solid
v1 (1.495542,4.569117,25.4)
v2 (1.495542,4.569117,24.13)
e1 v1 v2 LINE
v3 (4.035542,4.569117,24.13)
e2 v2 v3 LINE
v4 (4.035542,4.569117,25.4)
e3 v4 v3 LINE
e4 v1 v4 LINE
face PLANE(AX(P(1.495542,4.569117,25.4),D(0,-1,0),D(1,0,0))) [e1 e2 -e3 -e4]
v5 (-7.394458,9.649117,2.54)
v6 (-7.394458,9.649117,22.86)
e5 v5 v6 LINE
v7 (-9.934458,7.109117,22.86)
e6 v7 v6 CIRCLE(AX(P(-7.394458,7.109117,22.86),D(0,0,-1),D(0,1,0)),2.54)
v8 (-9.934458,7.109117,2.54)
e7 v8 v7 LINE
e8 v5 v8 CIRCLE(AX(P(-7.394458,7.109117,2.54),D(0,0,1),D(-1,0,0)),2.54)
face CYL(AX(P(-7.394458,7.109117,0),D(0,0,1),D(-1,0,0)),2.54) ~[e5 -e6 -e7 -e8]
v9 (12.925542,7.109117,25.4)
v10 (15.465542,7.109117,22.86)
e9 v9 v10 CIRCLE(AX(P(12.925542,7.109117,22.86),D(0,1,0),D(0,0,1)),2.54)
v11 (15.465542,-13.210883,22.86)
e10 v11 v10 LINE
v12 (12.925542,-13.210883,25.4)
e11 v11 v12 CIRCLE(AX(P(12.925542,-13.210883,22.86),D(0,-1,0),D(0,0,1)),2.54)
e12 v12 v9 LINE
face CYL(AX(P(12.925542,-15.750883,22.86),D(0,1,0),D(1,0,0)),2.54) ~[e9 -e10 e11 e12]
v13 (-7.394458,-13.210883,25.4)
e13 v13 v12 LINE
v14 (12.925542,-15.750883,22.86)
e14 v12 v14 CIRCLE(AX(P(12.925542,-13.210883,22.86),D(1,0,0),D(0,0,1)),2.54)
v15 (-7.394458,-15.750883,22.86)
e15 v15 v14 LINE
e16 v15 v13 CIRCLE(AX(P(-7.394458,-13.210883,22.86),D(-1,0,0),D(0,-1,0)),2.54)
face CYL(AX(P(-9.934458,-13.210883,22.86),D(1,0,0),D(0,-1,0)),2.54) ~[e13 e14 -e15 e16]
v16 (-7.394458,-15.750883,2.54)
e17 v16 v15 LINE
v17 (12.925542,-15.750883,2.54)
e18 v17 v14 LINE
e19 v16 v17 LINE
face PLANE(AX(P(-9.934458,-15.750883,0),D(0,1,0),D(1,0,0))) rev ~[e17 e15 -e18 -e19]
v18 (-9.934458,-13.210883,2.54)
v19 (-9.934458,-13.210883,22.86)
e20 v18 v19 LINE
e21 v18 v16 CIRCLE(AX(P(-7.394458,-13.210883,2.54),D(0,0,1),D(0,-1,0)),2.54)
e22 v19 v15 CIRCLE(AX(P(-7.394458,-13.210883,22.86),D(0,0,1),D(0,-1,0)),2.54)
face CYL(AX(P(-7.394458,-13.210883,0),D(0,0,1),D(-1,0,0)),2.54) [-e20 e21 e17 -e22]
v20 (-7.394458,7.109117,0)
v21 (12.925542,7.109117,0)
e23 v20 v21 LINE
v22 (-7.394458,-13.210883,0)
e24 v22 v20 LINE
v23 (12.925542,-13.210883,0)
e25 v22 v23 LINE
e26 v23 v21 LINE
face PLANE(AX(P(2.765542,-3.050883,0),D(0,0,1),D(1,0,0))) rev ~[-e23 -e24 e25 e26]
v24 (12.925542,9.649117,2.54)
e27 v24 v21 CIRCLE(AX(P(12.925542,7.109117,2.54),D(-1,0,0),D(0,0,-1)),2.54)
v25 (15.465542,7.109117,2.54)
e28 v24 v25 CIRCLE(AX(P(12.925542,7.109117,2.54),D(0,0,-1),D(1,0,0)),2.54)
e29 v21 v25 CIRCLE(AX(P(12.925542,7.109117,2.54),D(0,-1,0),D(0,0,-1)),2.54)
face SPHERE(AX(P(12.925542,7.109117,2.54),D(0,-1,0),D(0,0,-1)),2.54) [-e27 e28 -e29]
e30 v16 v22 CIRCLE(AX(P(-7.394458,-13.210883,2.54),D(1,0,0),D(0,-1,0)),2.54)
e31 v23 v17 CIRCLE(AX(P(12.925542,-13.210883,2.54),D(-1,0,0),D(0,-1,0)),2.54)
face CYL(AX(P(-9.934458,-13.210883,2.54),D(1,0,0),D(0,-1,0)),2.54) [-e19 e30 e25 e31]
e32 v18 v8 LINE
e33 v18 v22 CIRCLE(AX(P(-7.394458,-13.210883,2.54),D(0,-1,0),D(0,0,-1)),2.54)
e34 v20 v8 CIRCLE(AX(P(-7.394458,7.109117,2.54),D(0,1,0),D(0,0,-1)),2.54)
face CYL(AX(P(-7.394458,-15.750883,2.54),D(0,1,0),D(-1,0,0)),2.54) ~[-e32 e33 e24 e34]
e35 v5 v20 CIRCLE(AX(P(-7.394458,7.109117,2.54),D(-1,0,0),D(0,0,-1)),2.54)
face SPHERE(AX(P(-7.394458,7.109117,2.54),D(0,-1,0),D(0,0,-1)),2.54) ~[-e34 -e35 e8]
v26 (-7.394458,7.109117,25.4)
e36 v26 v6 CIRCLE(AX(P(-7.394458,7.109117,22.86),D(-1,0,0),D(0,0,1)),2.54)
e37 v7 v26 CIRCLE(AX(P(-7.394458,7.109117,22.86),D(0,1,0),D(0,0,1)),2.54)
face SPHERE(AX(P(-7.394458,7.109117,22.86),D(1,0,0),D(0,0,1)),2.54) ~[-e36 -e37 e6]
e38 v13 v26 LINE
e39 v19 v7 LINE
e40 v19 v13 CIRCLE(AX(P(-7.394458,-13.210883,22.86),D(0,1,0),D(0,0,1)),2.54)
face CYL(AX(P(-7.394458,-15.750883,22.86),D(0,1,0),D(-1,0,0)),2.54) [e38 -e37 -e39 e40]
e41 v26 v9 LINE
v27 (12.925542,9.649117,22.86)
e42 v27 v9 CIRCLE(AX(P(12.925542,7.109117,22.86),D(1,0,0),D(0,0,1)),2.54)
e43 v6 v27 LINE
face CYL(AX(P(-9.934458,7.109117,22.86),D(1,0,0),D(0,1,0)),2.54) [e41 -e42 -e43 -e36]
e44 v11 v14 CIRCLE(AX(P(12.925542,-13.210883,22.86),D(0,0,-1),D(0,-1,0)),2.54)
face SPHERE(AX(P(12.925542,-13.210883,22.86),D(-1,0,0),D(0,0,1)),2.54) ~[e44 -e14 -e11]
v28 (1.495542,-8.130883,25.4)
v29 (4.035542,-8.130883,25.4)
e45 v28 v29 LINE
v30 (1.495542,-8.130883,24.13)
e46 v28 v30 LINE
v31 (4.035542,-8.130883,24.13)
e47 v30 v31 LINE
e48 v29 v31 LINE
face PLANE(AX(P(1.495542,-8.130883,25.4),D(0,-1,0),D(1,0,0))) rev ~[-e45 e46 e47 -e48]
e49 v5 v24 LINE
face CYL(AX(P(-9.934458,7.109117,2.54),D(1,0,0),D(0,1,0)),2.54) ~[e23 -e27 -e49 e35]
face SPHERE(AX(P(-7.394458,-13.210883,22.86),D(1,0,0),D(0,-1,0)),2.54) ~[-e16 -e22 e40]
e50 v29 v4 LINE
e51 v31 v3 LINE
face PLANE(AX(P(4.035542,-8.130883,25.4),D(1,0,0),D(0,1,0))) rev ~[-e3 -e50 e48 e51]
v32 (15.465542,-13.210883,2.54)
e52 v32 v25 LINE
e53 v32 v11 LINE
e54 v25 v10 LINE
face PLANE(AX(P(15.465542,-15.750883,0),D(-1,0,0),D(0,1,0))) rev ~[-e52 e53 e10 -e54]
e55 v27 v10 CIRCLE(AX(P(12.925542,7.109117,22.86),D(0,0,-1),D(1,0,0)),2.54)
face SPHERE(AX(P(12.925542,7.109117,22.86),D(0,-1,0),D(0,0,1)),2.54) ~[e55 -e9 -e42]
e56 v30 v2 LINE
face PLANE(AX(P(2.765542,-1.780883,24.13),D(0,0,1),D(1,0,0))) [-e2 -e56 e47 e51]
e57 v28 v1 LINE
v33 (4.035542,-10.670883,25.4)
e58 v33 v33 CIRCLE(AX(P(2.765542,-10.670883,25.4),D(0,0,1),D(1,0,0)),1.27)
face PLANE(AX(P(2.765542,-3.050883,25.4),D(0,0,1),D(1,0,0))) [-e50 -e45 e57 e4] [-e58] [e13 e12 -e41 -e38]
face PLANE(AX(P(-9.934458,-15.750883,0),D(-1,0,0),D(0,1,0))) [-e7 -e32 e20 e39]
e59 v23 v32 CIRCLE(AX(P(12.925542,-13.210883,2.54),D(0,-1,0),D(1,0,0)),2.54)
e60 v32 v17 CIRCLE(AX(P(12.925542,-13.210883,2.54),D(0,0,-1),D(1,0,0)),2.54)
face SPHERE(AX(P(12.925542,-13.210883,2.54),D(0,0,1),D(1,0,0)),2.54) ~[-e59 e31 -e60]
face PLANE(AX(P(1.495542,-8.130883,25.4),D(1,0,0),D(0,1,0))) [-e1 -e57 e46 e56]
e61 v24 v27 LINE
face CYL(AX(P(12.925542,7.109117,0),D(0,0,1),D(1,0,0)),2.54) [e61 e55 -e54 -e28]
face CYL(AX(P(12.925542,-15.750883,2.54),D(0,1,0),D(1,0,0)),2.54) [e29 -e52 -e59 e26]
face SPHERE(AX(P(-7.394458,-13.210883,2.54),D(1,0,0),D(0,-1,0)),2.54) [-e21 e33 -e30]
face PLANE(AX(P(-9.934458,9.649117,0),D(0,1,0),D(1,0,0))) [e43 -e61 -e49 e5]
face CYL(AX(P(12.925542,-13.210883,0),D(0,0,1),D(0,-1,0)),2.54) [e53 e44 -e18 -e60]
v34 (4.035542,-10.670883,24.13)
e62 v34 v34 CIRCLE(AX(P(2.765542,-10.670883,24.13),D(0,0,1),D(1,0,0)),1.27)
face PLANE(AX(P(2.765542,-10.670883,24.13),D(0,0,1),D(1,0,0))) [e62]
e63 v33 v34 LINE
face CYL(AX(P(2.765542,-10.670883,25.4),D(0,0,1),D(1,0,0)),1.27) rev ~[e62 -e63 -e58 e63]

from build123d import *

# Parameters (mm, degrees)
F0_W     = 25.4
F0_H     = 25.4
F1_DEPTH = 25.4
F2_R     = 2.54
F3_W     = 2.54
F3_H     = 12.7
F3_R     = 1.27
F4_DEPTH = 1.27


with BuildPart() as f1:
    # F0 (on Top) → F1 (new body)
    with BuildSketch(Plane.XY):
        with Locations((2.765542, -3.050883)):
            Rectangle(F0_W, F0_H)
    extrude(amount=F1_DEPTH)

    # F2
    f2_edges = [f1.edges().sort_by_distance(p)[0] for p in [
        (2.765542, -15.750883, 25.4),
        (15.465542, -3.050883, 25.4),
        (15.465542, -15.750883, 12.7),
        (15.465542, -3.050883, 0),
        (2.765542, -15.750883, 0),
        (-9.934458, -15.750883, 12.7),
        (-9.934458, -3.050883, 0),
        (2.765542, 9.649117, 0),
        (2.765542, 9.649117, 25.4),
        (-9.934458, -3.050883, 25.4),
        (-9.934458, 9.649117, 12.7),
        (15.465542, 9.649117, 12.7),
    ]]
    fillet(f2_edges, radius=F2_R)

    # F3 (on face) → F4 (cut)
    with BuildSketch(Plane.XY.offset(25.4)):
        with Locations((2.765542, -1.780883)):
            Rectangle(F3_W, F3_H)
        with Locations((2.765542, -10.670883)):
            Circle(F3_R)
    extrude(amount=-F4_DEPTH, mode=Mode.SUBTRACT)


solid = f1.part
